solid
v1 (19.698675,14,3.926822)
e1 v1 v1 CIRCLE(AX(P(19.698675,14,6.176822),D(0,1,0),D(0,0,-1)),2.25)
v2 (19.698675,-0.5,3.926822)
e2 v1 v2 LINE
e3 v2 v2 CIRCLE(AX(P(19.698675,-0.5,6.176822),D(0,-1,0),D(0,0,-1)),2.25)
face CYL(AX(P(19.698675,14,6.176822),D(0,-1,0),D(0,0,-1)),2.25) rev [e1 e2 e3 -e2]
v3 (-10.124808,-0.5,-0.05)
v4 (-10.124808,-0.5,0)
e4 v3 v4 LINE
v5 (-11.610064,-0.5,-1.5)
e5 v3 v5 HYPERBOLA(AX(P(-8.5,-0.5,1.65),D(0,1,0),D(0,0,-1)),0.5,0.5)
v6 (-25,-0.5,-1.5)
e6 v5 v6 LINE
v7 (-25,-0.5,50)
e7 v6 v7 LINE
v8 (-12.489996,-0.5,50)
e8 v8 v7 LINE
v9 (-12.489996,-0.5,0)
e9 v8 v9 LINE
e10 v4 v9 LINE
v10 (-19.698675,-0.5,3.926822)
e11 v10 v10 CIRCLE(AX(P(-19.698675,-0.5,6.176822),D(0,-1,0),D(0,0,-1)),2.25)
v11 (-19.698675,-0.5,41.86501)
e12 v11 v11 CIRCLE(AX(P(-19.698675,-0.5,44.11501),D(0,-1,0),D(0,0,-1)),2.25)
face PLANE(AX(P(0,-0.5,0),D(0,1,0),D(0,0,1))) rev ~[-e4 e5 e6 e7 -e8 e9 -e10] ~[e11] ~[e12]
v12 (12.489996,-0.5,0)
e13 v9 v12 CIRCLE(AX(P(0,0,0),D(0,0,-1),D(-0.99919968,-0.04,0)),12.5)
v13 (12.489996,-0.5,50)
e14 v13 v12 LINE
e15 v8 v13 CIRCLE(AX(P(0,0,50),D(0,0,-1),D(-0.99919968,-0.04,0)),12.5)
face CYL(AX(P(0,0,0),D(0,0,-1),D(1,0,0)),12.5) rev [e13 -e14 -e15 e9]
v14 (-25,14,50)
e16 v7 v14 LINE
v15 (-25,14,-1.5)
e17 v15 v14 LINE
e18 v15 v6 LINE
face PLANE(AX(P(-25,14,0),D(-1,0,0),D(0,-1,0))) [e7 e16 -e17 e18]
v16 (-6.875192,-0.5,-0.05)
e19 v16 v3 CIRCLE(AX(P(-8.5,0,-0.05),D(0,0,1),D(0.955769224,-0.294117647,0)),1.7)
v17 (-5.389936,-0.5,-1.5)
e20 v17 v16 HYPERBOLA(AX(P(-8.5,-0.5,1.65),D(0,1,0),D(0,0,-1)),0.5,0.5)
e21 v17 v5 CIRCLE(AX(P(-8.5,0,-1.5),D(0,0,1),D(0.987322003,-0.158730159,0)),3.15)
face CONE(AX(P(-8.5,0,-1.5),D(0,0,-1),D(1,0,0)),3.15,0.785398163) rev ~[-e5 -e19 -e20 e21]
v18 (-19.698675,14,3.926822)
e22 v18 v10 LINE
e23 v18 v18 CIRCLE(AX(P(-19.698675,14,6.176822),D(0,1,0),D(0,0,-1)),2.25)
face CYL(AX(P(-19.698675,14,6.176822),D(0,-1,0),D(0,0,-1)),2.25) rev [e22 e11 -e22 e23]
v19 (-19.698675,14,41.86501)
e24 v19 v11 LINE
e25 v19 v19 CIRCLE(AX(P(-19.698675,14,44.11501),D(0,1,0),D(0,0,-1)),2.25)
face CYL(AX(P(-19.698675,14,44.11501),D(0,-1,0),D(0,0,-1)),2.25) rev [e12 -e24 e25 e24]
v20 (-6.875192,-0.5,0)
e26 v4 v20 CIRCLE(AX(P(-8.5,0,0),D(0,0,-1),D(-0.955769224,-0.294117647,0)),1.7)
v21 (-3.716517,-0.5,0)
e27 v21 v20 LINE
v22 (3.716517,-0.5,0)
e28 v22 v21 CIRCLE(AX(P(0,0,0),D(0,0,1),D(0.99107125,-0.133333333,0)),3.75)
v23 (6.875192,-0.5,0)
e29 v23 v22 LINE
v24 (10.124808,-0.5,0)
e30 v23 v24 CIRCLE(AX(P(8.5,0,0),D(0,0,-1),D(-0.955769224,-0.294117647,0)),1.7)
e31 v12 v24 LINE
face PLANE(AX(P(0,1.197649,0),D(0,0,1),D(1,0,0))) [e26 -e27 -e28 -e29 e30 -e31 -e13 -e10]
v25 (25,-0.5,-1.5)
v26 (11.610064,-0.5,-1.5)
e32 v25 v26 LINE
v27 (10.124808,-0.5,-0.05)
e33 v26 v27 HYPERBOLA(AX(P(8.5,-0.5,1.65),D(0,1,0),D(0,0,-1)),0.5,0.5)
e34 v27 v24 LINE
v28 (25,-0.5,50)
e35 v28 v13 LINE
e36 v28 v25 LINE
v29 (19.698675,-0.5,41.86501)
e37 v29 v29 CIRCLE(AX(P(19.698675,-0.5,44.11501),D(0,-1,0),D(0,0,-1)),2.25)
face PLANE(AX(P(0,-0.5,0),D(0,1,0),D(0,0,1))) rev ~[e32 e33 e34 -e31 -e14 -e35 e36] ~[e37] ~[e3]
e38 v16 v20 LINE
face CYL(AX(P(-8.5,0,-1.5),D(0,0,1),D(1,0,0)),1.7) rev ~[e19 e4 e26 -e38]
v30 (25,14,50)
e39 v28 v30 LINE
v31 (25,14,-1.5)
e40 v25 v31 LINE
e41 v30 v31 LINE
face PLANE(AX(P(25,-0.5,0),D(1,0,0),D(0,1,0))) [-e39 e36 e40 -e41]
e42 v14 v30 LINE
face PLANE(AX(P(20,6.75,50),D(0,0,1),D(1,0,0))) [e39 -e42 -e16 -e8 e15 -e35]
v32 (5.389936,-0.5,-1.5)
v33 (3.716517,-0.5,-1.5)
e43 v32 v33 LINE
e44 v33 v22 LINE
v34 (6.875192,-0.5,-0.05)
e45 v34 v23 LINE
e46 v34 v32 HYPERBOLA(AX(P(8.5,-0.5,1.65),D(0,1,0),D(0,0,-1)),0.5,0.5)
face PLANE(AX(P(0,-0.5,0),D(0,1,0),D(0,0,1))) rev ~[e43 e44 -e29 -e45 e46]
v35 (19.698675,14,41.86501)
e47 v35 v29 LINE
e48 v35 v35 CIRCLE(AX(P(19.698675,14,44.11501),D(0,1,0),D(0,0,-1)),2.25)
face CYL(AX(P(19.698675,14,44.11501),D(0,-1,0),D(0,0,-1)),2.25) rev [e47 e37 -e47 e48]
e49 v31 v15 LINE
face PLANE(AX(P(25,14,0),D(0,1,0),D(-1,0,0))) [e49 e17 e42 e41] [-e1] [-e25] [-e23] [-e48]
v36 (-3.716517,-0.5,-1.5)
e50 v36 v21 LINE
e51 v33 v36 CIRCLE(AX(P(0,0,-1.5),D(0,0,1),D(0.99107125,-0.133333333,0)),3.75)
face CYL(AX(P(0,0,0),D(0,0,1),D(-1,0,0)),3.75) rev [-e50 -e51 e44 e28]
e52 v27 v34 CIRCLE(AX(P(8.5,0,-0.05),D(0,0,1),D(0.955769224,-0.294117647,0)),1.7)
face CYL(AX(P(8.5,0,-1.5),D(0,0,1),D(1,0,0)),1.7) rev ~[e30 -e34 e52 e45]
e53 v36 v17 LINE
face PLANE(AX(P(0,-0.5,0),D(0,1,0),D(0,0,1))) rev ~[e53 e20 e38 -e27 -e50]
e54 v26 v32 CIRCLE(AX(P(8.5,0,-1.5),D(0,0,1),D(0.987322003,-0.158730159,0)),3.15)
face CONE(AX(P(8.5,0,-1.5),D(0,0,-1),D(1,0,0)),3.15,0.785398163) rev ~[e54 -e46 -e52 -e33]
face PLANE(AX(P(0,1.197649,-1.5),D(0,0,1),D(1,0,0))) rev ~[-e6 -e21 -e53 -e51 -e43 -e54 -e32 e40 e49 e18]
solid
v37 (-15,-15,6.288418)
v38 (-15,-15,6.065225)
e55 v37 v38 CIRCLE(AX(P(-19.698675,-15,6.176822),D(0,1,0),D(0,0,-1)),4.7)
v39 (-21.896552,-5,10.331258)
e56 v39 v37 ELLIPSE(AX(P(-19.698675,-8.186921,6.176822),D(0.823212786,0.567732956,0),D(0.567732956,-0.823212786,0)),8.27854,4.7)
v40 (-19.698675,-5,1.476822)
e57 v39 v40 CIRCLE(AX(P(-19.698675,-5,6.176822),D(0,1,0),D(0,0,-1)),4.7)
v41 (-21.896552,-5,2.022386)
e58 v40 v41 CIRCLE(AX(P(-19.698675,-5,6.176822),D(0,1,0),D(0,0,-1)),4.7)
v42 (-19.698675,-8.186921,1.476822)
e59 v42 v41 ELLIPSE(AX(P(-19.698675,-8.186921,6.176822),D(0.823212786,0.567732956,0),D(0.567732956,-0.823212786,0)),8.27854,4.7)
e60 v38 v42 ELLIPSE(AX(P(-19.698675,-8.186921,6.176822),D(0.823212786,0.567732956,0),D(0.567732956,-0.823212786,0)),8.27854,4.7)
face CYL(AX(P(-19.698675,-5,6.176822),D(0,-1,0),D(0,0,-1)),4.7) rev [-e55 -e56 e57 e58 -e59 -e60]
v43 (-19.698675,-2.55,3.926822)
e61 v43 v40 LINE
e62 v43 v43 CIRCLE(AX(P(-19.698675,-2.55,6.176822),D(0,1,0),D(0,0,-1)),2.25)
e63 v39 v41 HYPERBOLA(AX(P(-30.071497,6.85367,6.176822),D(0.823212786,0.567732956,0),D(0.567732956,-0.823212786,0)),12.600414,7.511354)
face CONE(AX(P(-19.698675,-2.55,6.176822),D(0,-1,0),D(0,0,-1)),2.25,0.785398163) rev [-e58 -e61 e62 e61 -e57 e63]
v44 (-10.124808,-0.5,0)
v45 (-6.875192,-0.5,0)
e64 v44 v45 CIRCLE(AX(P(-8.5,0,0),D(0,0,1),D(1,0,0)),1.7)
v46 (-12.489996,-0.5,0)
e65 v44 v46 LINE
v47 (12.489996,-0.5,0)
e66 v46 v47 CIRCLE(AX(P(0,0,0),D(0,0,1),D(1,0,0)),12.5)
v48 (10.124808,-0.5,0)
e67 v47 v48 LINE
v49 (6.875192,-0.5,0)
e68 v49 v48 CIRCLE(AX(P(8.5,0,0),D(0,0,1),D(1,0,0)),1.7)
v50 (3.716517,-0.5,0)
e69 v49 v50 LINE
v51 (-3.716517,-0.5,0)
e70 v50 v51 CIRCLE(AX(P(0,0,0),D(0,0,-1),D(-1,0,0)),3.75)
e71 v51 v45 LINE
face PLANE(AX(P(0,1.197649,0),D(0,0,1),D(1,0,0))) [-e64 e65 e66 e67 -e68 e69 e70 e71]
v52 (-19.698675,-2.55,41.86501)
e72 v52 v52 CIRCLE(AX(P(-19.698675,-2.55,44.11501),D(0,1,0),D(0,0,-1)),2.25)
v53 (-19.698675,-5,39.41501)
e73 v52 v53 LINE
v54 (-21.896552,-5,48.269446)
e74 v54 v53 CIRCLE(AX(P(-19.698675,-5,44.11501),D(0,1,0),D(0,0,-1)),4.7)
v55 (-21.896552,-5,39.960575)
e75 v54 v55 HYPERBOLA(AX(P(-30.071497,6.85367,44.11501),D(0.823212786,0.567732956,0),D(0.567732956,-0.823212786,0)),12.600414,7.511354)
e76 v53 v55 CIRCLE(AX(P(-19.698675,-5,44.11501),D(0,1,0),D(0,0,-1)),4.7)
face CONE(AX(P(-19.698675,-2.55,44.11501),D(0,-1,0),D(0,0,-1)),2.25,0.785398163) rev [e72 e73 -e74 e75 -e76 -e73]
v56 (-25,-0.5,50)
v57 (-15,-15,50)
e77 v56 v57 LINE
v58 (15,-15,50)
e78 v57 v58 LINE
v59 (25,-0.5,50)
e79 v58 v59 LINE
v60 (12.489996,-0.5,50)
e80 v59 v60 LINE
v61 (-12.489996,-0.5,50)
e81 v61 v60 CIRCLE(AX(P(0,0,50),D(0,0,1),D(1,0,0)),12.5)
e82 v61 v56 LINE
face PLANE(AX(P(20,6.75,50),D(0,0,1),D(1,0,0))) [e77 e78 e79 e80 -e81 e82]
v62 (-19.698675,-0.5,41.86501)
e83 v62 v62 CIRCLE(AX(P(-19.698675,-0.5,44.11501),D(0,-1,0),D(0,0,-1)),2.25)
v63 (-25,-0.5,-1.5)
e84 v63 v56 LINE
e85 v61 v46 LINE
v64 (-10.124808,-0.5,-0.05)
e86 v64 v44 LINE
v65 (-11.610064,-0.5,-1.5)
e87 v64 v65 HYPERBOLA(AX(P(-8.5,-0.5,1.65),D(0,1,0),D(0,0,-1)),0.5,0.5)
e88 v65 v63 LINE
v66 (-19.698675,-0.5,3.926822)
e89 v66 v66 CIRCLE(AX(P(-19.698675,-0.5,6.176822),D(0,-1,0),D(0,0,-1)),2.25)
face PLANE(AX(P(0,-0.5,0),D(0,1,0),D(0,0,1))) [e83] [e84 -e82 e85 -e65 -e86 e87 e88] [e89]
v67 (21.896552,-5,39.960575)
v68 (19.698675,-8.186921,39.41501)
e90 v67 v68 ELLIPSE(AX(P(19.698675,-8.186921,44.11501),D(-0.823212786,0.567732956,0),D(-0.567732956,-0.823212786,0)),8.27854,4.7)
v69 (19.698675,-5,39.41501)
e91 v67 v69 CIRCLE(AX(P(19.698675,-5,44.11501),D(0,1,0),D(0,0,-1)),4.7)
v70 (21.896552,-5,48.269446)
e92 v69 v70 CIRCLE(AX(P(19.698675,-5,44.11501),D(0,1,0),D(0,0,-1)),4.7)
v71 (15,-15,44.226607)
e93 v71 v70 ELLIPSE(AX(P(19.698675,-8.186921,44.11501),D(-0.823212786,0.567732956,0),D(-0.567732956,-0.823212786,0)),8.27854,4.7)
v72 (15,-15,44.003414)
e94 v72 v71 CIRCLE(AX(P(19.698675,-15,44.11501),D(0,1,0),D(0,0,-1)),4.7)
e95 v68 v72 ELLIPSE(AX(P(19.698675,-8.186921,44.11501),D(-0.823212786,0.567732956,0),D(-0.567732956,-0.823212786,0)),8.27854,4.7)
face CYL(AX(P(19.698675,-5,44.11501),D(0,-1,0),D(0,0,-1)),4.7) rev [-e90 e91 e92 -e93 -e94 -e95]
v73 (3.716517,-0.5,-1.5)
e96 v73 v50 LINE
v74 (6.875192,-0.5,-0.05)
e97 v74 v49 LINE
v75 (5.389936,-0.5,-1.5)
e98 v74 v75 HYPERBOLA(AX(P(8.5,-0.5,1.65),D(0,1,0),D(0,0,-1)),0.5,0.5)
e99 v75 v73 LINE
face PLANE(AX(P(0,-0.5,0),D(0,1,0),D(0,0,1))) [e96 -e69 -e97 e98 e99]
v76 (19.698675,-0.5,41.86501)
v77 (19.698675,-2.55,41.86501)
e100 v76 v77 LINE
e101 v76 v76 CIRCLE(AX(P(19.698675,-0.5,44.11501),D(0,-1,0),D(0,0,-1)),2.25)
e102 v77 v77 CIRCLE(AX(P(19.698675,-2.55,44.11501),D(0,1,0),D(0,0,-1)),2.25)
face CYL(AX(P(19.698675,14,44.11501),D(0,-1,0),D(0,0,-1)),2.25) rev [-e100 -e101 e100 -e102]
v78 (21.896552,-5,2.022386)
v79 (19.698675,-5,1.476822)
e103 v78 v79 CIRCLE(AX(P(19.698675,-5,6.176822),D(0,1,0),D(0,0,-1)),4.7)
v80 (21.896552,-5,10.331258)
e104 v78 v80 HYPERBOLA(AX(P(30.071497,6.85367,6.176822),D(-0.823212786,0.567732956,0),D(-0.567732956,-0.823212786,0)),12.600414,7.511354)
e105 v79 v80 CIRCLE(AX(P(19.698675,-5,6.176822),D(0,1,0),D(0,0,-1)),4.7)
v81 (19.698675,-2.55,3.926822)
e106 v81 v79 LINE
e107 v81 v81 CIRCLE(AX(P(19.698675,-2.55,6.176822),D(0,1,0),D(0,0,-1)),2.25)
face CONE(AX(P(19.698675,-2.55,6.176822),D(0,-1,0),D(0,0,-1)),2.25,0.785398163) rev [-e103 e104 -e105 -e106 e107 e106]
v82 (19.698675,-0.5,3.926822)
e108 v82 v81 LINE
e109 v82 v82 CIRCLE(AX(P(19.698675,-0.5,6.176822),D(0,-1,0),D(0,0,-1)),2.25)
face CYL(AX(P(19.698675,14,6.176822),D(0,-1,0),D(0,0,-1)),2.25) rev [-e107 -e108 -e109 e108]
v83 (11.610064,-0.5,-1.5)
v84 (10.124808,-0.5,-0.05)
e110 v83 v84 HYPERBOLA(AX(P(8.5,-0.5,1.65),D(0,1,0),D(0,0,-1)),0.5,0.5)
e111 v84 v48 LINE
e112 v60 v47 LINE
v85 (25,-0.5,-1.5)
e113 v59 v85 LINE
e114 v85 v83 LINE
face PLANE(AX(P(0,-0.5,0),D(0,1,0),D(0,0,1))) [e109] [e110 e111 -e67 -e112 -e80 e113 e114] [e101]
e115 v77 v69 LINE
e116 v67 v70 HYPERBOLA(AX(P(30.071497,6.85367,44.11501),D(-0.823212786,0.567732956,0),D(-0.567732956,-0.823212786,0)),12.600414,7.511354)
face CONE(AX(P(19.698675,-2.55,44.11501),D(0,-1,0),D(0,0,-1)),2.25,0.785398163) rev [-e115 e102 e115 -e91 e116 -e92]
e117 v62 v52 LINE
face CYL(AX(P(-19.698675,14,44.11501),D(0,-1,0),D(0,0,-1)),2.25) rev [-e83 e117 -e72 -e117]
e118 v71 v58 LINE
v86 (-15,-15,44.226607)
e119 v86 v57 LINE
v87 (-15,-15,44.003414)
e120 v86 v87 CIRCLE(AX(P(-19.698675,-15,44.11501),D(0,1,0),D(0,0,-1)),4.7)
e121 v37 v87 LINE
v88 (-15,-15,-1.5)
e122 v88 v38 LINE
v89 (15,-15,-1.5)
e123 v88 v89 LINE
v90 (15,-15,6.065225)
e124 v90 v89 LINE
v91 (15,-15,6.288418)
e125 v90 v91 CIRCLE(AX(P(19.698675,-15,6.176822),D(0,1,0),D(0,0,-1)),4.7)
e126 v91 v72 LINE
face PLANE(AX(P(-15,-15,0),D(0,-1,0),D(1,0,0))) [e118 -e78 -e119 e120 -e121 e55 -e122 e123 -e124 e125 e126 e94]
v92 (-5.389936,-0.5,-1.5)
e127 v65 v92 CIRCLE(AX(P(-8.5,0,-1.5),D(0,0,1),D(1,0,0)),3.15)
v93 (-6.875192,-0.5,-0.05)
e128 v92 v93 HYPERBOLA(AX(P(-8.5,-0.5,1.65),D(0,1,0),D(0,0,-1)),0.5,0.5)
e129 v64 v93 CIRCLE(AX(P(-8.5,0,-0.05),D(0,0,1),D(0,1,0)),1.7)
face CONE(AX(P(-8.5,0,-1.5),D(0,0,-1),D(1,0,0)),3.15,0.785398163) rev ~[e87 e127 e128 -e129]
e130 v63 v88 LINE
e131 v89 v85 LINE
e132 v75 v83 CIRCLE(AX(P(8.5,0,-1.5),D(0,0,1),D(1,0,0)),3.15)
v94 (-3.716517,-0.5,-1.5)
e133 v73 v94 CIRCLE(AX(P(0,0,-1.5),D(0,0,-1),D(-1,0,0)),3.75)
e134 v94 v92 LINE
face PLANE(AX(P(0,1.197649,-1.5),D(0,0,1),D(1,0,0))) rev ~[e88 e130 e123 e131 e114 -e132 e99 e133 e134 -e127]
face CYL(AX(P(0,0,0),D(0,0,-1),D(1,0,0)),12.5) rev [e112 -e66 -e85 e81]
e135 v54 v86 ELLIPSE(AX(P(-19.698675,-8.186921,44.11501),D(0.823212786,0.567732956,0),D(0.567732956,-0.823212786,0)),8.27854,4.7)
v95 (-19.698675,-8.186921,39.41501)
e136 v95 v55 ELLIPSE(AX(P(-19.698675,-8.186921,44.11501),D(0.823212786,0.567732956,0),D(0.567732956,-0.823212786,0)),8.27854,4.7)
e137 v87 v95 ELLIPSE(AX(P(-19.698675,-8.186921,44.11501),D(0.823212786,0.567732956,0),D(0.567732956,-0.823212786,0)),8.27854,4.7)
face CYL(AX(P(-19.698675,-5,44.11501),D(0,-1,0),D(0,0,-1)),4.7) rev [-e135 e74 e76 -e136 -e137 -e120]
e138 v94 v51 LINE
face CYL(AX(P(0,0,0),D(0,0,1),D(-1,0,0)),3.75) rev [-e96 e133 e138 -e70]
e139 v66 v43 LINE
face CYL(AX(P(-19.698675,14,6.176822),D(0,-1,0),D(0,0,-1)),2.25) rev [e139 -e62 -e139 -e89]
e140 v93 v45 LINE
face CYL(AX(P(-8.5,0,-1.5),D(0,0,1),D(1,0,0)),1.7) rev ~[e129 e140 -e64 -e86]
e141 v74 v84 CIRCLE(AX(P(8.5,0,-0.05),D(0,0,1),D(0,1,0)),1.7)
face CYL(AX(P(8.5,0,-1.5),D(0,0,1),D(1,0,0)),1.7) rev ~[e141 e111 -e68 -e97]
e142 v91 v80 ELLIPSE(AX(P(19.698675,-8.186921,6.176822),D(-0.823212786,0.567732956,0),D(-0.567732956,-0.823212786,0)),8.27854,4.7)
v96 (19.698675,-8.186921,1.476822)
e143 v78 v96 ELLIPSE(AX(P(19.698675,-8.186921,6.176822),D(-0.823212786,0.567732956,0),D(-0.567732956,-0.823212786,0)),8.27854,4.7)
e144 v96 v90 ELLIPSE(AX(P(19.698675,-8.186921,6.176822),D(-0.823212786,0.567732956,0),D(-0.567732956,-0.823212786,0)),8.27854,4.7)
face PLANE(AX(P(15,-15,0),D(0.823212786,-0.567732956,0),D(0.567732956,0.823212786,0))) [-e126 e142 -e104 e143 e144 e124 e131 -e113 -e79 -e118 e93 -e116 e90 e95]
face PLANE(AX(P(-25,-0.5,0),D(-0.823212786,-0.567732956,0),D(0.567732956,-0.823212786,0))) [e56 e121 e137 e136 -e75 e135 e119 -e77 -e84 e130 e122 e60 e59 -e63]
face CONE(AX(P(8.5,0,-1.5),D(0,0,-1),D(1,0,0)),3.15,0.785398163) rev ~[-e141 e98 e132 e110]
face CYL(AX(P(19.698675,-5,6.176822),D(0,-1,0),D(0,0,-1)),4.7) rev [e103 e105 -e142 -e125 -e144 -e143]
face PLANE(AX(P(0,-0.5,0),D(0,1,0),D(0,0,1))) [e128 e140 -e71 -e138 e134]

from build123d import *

# Parameters (mm, degrees)
ESQUISSE1_W                                    = 10
ESQUISSE1_H                                    = 14.5
ESQUISSE1_W_2                                  = 30
ESQUISSE1_H_2                                  = 29
ESQUISSE1_R                                    = 12.5
BOSS_EXTRU_1_DEPTH                             = 50
FRAISAGE_POUR_VIS_T_TE_FRAIS_E_M41_AT_COUNT    = 2
FRAISAGE_POUR_VIS_T_TE_FRAIS_E_M41_AT_PITCH    = 39.397349882
FRAISAGE_POUR_VIS_T_TE_FRAIS_E_M41_2_COUNT     = 2
FRAISAGE_POUR_VIS_T_TE_FRAIS_E_M41_2_PITCH     = 54.694216744
FRAISAGE_POUR_VIS_T_TE_FRAIS_E_M41_3_COUNT     = 2
FRAISAGE_POUR_VIS_T_TE_FRAIS_E_M41_3_PITCH     = 37.938188775
ESQUISSE26_R                                   = 3.75
BOSS_EXTRU_2_DEPTH                             = 1.5
FRAISAGE_POUR_VIS_T_TE_FRAIS_E_M31_D           = 3.4
FRAISAGE_POUR_VIS_T_TE_FRAIS_E_M31_CSINK_D     = 6.3
FRAISAGE_POUR_VIS_T_TE_FRAIS_E_M31_CSINK_ANGLE = 90


with BuildPart() as part:
    # Esquisse1 → Boss.-Extru.1 (new body)
    # profile 1 of 5: a face of its own
    with BuildSketch(Plane.XY):
        with Locations((-20, 6.75)):
            Rectangle(ESQUISSE1_W, ESQUISSE1_H)
    # profile 2 of 5: a face of its own
    with BuildSketch(Plane.XY):
        Polygon((-15, -15), (-15, -0.5), (-25, -0.5), align=None)
    # profile 3 of 5: a face of its own
    with BuildSketch(Plane.XY):
        with Locations((0, -0.5)):
            Rectangle(ESQUISSE1_W_2, ESQUISSE1_H_2)
        Circle(ESQUISSE1_R, mode=Mode.SUBTRACT)
    # profile 4 of 5: a face of its own
    with BuildSketch(Plane.XY):
        Polygon((25, -0.5), (15, -0.5), (15, -15), align=None)
    # profile 5 of 5: a face of its own
    with BuildSketch(Plane.XY):
        with Locations((20, 6.75)):
            Rectangle(ESQUISSE1_W, ESQUISSE1_H)
    extrude(amount=BOSS_EXTRU_1_DEPTH)

    # Esquisse25 → Fraisage pour vis à tête fraisée M41 (revolve, cut)
    with BuildSketch(Plane(origin=(19.698674941, -15, 6.176821723), x_dir=(0, 0, -1), z_dir=(1, 0, 0))):
        Polygon((0, 0), (0, 29), (2.25, 29), (2.25, 12.45), (4.7, 10), (4.7, 0), align=None)
    fraisage_pour_vis_t_te_frais_e_m41 = revolve(axis=Axis((19.698674941, -21.35, 6.176821723), (0, 1, 0)), mode=Mode.SUBTRACT)

    # Fraisage pour vis à tête fraisée M41 at: Fraisage pour vis à tête fraisée M41 ×2
    with Locations(*[(-i * FRAISAGE_POUR_VIS_T_TE_FRAIS_E_M41_AT_PITCH, 0, 0) for i in range(1, FRAISAGE_POUR_VIS_T_TE_FRAIS_E_M41_AT_COUNT)]):
        add(fraisage_pour_vis_t_te_frais_e_m41, mode=Mode.SUBTRACT)

    # Fraisage pour vis _ t_te frais_e M41 2: Fraisage pour vis à tête fraisée M41 ×2
    with Locations(*[Vector(-0.7203202134914811, 0, 0.6936416870658707) * (i * FRAISAGE_POUR_VIS_T_TE_FRAIS_E_M41_2_PITCH) for i in range(1, FRAISAGE_POUR_VIS_T_TE_FRAIS_E_M41_2_COUNT)]):
        add(fraisage_pour_vis_t_te_frais_e_m41, mode=Mode.SUBTRACT)

    # Fraisage pour vis _ t_te frais_e M41 3: Fraisage pour vis à tête fraisée M41 ×2
    with Locations(*[(0, 0, i * FRAISAGE_POUR_VIS_T_TE_FRAIS_E_M41_3_PITCH) for i in range(1, FRAISAGE_POUR_VIS_T_TE_FRAIS_E_M41_3_COUNT)]):
        add(fraisage_pour_vis_t_te_frais_e_m41, mode=Mode.SUBTRACT)

    # Esquisse26 → Boss.-Extru.2 (add)
    with BuildSketch(Plane(origin=(0, 0, 0), x_dir=(-1, 0, 0), z_dir=(0, 0, -1))):
        Polygon((-25, 14), (25, 14), (25, -0.5), (15, -15), (-15, -15), (-25, -0.5), align=None)
        Circle(ESQUISSE26_R, mode=Mode.SUBTRACT)
    extrude(amount=BOSS_EXTRU_2_DEPTH)

    # Fraisage pour vis à tête fraisée M31 (through all)
    with Locations(Plane(origin=(0, 0, -1.5), x_dir=(-1, 0, 0), z_dir=(0, 0, -1))):
        with Locations((-8.5, 0), (8.5, 0)):
            CounterSinkHole(FRAISAGE_POUR_VIS_T_TE_FRAIS_E_M31_D / 2, FRAISAGE_POUR_VIS_T_TE_FRAIS_E_M31_CSINK_D / 2, counter_sink_angle=FRAISAGE_POUR_VIS_T_TE_FRAIS_E_M31_CSINK_ANGLE)


with BuildPart() as body_2:
    # Fractionner1: the piece on the far side of the plane
    add(part.part)
    split(bisect_by=Plane.ZX.offset(-0.5), keep=Keep.BOTTOM)


with BuildPart() as part_1:
    add(part.part)

    # Fractionner1
    split(bisect_by=Plane.ZX.offset(-0.5), keep=Keep.TOP)


solid = Compound([body_2.part, part_1.part])
